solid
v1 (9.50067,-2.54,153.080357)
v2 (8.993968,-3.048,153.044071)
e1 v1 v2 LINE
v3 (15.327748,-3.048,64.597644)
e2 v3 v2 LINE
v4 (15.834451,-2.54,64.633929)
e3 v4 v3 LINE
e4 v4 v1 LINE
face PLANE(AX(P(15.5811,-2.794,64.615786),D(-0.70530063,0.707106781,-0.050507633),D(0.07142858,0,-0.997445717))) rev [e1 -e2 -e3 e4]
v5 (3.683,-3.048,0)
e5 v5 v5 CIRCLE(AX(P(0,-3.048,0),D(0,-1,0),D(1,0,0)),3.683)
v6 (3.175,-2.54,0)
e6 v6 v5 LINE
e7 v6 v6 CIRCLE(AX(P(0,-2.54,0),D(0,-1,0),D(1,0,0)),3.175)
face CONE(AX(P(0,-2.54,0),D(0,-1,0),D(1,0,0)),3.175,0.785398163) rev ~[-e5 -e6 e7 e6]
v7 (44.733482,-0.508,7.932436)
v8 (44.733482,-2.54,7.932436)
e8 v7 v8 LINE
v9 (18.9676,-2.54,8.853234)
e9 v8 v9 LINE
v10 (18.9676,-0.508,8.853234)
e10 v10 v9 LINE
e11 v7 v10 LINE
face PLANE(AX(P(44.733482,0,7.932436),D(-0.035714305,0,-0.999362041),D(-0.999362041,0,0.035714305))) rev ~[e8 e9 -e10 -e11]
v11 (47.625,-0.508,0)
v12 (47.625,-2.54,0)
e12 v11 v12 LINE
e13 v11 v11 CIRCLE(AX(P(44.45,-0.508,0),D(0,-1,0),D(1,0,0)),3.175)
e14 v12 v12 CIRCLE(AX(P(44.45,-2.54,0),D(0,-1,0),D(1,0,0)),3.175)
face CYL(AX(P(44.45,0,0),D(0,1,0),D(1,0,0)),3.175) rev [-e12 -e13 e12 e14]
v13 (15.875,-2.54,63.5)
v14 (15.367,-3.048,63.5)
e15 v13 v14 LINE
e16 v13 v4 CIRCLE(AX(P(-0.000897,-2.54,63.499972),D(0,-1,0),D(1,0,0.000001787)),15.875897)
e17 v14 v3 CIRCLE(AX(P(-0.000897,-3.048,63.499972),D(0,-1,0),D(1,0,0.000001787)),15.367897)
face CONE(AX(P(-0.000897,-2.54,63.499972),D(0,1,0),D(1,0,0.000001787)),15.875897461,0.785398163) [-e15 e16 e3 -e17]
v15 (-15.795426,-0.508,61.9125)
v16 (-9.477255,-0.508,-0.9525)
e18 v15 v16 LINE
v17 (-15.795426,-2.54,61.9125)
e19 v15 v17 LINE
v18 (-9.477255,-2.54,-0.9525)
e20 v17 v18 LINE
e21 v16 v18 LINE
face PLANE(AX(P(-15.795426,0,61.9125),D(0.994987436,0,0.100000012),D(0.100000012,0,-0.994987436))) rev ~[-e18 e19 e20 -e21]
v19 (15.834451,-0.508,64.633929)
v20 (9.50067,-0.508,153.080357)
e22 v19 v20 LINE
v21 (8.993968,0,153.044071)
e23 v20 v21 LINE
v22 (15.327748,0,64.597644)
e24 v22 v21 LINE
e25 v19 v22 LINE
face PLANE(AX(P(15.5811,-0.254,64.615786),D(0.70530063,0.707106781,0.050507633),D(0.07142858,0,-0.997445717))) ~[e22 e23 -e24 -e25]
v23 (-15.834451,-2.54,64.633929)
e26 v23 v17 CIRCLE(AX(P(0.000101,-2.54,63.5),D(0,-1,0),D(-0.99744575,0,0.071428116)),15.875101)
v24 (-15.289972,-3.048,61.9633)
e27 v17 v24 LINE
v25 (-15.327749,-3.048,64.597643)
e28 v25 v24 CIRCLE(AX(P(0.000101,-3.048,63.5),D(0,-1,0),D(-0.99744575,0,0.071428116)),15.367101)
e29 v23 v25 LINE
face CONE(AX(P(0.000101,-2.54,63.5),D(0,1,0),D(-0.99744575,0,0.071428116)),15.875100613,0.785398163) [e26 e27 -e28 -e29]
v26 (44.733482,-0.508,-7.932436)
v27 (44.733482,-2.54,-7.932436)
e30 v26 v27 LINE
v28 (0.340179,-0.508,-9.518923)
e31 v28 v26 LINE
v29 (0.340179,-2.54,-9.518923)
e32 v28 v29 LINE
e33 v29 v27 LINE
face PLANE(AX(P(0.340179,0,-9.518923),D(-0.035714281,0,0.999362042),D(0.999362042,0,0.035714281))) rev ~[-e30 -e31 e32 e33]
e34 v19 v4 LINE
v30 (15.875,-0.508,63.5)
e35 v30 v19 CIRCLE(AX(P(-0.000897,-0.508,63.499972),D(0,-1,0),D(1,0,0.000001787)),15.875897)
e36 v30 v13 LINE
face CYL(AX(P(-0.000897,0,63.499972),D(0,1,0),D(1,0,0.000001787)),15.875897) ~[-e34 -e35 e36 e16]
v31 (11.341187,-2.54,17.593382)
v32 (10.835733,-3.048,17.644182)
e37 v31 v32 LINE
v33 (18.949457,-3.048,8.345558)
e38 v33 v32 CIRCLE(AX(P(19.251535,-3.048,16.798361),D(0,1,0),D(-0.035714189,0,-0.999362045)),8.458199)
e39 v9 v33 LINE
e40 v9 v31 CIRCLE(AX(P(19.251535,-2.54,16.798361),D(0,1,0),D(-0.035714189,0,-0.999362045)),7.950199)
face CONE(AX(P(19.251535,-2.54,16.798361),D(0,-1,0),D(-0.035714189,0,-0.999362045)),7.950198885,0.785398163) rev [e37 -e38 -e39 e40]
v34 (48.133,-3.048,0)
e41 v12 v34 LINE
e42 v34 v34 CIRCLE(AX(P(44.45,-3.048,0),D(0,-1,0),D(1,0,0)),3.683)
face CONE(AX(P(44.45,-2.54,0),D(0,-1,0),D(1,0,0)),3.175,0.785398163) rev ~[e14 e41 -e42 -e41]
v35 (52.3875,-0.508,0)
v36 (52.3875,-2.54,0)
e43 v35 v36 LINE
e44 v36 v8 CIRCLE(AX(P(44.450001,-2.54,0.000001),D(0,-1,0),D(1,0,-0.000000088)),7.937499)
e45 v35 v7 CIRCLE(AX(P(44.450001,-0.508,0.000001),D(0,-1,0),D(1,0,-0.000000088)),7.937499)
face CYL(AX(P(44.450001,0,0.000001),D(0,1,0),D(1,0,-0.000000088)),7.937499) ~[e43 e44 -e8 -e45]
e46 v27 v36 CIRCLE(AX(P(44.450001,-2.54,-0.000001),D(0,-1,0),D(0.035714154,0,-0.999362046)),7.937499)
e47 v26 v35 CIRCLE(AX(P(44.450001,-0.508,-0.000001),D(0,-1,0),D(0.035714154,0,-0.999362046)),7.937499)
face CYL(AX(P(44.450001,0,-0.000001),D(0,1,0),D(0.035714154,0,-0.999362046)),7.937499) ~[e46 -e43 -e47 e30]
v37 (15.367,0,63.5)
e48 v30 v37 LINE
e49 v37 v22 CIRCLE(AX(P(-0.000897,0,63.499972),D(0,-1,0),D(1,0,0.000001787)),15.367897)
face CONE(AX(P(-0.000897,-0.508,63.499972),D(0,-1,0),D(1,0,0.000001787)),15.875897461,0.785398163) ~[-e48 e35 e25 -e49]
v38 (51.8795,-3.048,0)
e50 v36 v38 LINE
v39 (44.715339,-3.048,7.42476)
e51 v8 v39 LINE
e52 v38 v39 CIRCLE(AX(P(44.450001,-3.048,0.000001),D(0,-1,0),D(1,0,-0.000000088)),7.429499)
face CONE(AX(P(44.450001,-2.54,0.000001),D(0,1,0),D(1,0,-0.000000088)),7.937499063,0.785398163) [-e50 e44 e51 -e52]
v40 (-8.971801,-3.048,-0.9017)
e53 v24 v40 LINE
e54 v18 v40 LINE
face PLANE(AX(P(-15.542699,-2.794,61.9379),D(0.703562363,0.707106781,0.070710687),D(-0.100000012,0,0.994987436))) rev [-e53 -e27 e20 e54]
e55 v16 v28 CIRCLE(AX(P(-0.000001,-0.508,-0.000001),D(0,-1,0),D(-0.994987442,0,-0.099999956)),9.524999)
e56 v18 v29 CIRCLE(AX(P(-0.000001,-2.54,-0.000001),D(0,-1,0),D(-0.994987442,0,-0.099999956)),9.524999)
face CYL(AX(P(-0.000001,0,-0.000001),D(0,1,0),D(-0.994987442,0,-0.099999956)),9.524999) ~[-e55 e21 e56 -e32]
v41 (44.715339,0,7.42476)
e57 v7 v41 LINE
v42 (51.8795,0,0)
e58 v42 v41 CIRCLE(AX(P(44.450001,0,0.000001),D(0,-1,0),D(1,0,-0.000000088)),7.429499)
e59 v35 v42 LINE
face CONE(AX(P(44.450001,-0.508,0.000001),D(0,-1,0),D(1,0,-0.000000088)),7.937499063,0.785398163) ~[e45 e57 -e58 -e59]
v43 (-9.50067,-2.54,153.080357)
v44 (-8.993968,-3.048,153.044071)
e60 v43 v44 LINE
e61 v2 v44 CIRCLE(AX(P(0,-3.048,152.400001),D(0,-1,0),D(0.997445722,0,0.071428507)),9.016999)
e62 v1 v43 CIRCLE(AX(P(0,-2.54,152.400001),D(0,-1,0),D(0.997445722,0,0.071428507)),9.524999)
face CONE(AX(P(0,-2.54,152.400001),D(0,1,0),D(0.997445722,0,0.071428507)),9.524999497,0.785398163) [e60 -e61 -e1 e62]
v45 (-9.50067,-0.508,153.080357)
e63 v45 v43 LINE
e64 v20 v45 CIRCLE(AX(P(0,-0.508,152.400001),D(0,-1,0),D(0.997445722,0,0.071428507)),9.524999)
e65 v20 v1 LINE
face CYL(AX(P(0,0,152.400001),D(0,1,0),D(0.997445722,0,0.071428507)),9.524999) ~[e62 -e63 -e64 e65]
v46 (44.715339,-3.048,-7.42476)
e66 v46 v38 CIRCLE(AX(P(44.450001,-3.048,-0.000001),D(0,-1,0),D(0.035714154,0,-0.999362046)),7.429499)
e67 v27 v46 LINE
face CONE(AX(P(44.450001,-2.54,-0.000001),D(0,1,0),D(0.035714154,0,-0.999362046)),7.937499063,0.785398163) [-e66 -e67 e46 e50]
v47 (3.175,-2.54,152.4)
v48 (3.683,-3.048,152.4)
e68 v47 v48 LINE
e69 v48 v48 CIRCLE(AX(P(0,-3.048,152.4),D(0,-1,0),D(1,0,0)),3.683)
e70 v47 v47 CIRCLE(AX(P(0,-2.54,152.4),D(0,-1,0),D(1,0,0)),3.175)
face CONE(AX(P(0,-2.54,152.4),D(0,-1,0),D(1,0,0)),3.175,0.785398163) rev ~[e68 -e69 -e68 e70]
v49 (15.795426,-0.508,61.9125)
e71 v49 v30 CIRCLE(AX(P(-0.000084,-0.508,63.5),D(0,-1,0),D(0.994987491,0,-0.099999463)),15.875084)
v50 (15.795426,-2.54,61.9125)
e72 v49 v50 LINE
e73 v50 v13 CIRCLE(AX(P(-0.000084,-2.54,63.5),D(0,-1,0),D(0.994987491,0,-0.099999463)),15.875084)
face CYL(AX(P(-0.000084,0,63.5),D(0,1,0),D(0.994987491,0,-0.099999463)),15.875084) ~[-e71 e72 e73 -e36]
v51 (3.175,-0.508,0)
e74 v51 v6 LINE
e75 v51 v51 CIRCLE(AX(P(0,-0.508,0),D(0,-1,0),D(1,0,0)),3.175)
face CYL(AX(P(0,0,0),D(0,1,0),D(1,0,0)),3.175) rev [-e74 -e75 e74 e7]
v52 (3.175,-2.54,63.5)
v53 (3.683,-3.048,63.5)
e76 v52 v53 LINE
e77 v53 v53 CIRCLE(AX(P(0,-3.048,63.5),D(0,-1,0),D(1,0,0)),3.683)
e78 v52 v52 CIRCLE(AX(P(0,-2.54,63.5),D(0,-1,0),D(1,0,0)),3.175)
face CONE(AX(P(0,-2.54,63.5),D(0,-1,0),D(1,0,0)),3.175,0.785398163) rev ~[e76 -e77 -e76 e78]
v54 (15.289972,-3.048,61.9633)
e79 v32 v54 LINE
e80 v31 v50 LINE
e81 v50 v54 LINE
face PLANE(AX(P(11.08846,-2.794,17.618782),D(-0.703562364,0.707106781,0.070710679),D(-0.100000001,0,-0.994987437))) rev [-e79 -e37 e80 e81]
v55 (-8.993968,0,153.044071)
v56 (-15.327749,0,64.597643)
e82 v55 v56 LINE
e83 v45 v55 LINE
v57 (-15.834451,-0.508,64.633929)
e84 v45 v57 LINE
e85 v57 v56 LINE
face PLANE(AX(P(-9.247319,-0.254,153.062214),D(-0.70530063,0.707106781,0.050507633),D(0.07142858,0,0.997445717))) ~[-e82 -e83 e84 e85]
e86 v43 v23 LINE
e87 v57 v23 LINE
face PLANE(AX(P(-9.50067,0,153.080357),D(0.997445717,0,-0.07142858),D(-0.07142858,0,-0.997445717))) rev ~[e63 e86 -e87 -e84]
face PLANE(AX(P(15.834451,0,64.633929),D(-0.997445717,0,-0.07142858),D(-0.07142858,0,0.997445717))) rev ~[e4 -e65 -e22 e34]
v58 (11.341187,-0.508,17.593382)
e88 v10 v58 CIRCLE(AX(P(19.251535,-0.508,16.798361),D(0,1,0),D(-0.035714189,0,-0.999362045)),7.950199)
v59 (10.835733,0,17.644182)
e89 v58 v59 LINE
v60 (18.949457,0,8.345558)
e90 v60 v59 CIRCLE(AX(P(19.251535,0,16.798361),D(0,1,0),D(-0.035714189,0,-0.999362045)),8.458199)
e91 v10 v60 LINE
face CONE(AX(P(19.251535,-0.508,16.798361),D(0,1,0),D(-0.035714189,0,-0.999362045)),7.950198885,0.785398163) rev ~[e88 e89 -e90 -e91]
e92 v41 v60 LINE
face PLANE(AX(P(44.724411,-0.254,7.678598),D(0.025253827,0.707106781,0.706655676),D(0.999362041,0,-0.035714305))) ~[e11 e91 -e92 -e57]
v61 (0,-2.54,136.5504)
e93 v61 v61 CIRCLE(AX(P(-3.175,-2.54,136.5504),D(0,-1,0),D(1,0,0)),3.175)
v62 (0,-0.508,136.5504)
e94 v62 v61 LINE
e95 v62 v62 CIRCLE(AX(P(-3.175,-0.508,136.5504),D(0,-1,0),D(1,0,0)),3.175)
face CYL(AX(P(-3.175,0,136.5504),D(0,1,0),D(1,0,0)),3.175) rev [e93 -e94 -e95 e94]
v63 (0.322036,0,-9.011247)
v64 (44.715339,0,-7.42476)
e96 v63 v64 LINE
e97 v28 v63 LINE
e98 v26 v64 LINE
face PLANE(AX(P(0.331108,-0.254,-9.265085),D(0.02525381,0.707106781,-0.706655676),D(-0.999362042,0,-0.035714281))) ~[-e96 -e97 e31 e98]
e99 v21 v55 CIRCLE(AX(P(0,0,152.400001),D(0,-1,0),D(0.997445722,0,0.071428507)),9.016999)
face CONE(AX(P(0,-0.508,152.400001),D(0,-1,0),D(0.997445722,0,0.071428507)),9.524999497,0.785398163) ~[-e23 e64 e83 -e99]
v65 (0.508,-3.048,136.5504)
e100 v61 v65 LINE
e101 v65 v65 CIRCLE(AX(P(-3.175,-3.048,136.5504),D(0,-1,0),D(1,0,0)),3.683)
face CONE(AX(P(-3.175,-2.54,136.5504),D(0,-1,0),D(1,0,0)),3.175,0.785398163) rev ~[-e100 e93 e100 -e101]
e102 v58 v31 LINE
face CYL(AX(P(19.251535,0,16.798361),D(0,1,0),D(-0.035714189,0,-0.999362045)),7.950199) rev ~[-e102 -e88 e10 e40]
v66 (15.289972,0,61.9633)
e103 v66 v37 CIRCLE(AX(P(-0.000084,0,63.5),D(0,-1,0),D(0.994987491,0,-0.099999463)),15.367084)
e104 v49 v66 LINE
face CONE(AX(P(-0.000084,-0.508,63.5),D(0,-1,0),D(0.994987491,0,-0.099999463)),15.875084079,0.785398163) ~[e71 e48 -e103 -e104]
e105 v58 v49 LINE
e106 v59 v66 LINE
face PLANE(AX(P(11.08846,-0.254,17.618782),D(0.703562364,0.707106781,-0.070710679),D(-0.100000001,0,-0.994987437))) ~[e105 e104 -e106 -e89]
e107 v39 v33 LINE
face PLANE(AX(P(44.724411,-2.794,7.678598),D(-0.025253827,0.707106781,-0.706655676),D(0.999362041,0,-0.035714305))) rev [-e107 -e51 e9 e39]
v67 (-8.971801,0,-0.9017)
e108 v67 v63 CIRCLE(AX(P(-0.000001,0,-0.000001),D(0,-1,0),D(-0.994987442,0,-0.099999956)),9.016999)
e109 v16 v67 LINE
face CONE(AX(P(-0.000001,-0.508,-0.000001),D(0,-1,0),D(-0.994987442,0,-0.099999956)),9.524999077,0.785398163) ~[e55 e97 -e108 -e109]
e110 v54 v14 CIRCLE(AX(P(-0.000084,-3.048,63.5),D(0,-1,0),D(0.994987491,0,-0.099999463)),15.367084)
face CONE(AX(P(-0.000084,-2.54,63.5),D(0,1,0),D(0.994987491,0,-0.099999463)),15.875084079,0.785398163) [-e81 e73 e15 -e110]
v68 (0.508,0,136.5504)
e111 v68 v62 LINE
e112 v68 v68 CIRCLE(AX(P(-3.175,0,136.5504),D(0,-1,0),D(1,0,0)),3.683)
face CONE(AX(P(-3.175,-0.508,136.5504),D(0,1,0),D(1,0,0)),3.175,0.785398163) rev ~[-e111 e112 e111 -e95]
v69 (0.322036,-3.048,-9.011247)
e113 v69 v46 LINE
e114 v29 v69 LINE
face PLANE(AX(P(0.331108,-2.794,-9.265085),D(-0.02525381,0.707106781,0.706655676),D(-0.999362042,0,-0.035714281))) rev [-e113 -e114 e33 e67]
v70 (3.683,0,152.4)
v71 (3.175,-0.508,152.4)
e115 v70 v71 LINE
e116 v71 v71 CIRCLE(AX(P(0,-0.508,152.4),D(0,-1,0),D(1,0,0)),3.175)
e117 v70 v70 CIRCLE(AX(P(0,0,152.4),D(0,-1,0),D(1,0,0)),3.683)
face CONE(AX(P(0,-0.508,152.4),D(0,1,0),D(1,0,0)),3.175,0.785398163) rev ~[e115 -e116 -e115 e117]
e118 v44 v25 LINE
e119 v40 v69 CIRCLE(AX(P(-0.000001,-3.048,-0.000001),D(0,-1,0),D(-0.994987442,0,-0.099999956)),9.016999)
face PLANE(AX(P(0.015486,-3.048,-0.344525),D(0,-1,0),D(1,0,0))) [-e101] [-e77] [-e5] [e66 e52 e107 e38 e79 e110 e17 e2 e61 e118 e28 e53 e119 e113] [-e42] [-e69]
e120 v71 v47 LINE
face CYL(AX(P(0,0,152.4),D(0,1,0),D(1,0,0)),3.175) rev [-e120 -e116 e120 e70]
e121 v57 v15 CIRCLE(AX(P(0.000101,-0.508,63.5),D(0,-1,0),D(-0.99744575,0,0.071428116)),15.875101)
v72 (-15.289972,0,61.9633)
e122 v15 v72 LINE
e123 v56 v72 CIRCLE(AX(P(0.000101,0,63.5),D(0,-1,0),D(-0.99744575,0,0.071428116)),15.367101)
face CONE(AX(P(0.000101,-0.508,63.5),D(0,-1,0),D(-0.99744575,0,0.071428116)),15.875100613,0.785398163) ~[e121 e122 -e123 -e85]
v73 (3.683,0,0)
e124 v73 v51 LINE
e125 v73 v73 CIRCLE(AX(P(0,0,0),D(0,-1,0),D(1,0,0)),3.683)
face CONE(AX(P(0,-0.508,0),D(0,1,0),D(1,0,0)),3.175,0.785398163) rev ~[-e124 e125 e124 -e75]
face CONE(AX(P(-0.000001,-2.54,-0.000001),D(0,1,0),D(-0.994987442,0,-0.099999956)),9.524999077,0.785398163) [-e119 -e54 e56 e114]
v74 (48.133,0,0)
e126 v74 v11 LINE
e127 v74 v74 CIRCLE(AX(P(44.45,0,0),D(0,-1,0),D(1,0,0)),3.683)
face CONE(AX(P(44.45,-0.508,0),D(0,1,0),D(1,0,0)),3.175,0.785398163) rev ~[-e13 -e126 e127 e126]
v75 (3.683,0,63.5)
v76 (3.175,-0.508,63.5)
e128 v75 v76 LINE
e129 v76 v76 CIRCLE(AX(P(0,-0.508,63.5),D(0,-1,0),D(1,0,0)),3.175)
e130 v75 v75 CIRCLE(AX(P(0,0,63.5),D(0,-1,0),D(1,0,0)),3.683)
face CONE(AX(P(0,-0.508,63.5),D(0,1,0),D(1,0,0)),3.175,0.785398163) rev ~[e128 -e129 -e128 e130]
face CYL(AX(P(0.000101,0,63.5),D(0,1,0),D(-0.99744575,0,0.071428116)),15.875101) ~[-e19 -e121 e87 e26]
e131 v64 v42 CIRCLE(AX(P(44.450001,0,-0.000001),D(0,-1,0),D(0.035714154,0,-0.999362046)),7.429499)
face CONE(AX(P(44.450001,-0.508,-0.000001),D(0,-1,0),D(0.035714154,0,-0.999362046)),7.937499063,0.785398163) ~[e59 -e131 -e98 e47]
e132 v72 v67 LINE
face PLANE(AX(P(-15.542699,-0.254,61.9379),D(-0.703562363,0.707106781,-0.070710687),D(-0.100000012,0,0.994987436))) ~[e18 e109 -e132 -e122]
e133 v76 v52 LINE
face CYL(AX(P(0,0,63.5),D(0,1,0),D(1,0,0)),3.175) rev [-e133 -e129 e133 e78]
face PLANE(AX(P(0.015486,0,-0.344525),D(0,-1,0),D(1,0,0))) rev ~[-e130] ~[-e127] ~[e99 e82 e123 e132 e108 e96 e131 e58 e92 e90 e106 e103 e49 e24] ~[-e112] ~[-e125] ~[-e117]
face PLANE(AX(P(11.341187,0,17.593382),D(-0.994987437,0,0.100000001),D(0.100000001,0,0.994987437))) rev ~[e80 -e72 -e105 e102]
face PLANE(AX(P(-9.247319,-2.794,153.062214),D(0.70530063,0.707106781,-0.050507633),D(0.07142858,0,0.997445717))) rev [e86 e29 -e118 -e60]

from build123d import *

# Parameters (mm, degrees)
F0_R     = 3.175
F1_DEPTH = 3.048
F2_SIZE  = 0.508
F3_SIZE  = 0.508


with BuildPart() as f1:
    # F0 (on Front) → F1 (new body)
    with BuildSketch(Plane.XZ):
        with BuildLine():
            ThreePointArc((0.340179, -9.518923), (6.854408, -6.613827), (9.525, 0))
            ThreePointArc((9.525, 0), (-0.476848, 9.513056), (-9.477255, -0.9525))
            ThreePointArc((-9.477255, -0.9525), (-6.262383, -7.17692), (0.340179, -9.518923))
        make_face()
        Circle(F0_R, mode=Mode.SUBTRACT)
        with BuildLine():
            ThreePointArc((9.50067, 153.080357), (0, 161.925), (-9.50067, 153.080357))
            ThreePointArc((-9.50067, 153.080357), (-0.340396, 142.881084), (9.525, 152.4))
            ThreePointArc((9.525, 152.4), (9.518916, 152.740396), (9.50067, 153.080357))
        make_face()
        with Locations((0, 152.4)):
            Circle(F0_R, mode=Mode.SUBTRACT)
        with BuildLine():
            ThreePointArc((44.733482, 7.932436), (36.5125, 0), (44.733482, -7.932436))
            ThreePointArc((44.733482, -7.932436), (50.162007, -5.511523), (52.3875, 0))
            ThreePointArc((52.3875, 0), (50.162007, 5.511523), (44.733482, 7.932436))
        make_face()
        with Locations((44.45, 0)):
            Circle(F0_R, mode=Mode.SUBTRACT)
        with BuildLine():
            ThreePointArc((-9.477255, -0.9525), (-0.476848, 9.513056), (9.525, 0))
            ThreePointArc((9.525, 0), (6.854408, -6.613827), (0.340179, -9.518923))
            Line((0.340179, -9.518923), (44.733482, -7.932436))
            ThreePointArc((44.733482, -7.932436), (36.5125, 0), (44.733482, 7.932436))
            Line((44.733482, 7.932436), (18.9676, 8.853234))
            ThreePointArc((18.9676, 8.853234), (13.2612, 11.571359), (11.341187, 17.593382))
            Line((11.341187, 17.593382), (15.795426, 61.9125))
            ThreePointArc((15.795426, 61.9125), (0, 47.625), (-15.795426, 61.9125))
            Line((-15.795426, 61.9125), (-9.477255, -0.9525))
        make_face()
        with BuildLine():
            ThreePointArc((-15.834451, 64.633929), (-15.873368, 63.272376), (-15.795426, 61.9125))
            ThreePointArc((-15.795426, 61.9125), (0, 47.625), (15.795426, 61.9125))
            ThreePointArc((15.795426, 61.9125), (15.855094, 62.705253), (15.875, 63.5))
            ThreePointArc((15.875, 63.5), (15.864859, 64.067327), (15.834451, 64.633929))
            ThreePointArc((15.834451, 64.633929), (0, 79.375), (-15.834451, 64.633929))
        make_face()
        with Locations((0, 63.5)):
            Circle(F0_R, mode=Mode.SUBTRACT)
        with BuildLine():
            Line((-9.50067, 153.080357), (-15.834451, 64.633929))
            ThreePointArc((-15.834451, 64.633929), (0, 79.375), (15.834451, 64.633929))
            Line((15.834451, 64.633929), (9.50067, 153.080357))
            ThreePointArc((9.50067, 153.080357), (9.518916, 152.740396), (9.525, 152.4))
            ThreePointArc((9.525, 152.4), (-0.340396, 142.881084), (-9.50067, 153.080357))
        make_face()
        with Locations((-3.175, 136.5504)):
            Circle(F0_R, mode=Mode.SUBTRACT)
    extrude(amount=F1_DEPTH)

    # F2
    f2_edges = [f1.edges().sort_by_distance(p)[0] for p in [
        (-6.262383, -3.048, -7.17692),
        (22.53683, -3.048, -8.72568),
        (52.3875, -3.048, 0),
        (31.850541, -3.048, 8.392835),
        (13.2612, -3.048, 11.571359),
        (13.568306, -3.048, 39.752941),
        (15.873368, -3.048, 63.272376),
        (12.667561, -3.048, 108.857143),
        (0, -3.048, 161.925),
        (-12.667561, -3.048, 108.857143),
        (-15.873368, -3.048, 63.272376),
        (-12.63634, -3.048, 30.48),
        (-3.175, -3.048, 0),
        (41.275, -3.048, 0),
        (-3.175, -3.048, 63.5),
        (-6.35, -3.048, 136.5504),
        (-3.175, -3.048, 152.4),
    ]]
    chamfer(f2_edges, length=F2_SIZE)

    # F3
    f3_edges = [f1.edges().sort_by_distance(p)[0] for p in [
        (-6.262383, 0, -7.17692),
        (22.53683, 0, -8.72568),
        (52.3875, 0, 0),
        (31.850541, 0, 8.392835),
        (13.2612, 0, 11.571359),
        (13.568306, 0, 39.752941),
        (15.873368, 0, 63.272376),
        (12.667561, 0, 108.857143),
        (0, 0, 161.925),
        (-12.667561, 0, 108.857143),
        (-15.873368, 0, 63.272376),
        (-12.63634, 0, 30.48),
        (-3.175, 0, 0),
        (41.275, 0, 0),
        (-3.175, 0, 63.5),
        (-6.35, 0, 136.5504),
        (-3.175, 0, 152.4),
    ]]
    chamfer(f3_edges, length=F3_SIZE)


solid = f1.part
